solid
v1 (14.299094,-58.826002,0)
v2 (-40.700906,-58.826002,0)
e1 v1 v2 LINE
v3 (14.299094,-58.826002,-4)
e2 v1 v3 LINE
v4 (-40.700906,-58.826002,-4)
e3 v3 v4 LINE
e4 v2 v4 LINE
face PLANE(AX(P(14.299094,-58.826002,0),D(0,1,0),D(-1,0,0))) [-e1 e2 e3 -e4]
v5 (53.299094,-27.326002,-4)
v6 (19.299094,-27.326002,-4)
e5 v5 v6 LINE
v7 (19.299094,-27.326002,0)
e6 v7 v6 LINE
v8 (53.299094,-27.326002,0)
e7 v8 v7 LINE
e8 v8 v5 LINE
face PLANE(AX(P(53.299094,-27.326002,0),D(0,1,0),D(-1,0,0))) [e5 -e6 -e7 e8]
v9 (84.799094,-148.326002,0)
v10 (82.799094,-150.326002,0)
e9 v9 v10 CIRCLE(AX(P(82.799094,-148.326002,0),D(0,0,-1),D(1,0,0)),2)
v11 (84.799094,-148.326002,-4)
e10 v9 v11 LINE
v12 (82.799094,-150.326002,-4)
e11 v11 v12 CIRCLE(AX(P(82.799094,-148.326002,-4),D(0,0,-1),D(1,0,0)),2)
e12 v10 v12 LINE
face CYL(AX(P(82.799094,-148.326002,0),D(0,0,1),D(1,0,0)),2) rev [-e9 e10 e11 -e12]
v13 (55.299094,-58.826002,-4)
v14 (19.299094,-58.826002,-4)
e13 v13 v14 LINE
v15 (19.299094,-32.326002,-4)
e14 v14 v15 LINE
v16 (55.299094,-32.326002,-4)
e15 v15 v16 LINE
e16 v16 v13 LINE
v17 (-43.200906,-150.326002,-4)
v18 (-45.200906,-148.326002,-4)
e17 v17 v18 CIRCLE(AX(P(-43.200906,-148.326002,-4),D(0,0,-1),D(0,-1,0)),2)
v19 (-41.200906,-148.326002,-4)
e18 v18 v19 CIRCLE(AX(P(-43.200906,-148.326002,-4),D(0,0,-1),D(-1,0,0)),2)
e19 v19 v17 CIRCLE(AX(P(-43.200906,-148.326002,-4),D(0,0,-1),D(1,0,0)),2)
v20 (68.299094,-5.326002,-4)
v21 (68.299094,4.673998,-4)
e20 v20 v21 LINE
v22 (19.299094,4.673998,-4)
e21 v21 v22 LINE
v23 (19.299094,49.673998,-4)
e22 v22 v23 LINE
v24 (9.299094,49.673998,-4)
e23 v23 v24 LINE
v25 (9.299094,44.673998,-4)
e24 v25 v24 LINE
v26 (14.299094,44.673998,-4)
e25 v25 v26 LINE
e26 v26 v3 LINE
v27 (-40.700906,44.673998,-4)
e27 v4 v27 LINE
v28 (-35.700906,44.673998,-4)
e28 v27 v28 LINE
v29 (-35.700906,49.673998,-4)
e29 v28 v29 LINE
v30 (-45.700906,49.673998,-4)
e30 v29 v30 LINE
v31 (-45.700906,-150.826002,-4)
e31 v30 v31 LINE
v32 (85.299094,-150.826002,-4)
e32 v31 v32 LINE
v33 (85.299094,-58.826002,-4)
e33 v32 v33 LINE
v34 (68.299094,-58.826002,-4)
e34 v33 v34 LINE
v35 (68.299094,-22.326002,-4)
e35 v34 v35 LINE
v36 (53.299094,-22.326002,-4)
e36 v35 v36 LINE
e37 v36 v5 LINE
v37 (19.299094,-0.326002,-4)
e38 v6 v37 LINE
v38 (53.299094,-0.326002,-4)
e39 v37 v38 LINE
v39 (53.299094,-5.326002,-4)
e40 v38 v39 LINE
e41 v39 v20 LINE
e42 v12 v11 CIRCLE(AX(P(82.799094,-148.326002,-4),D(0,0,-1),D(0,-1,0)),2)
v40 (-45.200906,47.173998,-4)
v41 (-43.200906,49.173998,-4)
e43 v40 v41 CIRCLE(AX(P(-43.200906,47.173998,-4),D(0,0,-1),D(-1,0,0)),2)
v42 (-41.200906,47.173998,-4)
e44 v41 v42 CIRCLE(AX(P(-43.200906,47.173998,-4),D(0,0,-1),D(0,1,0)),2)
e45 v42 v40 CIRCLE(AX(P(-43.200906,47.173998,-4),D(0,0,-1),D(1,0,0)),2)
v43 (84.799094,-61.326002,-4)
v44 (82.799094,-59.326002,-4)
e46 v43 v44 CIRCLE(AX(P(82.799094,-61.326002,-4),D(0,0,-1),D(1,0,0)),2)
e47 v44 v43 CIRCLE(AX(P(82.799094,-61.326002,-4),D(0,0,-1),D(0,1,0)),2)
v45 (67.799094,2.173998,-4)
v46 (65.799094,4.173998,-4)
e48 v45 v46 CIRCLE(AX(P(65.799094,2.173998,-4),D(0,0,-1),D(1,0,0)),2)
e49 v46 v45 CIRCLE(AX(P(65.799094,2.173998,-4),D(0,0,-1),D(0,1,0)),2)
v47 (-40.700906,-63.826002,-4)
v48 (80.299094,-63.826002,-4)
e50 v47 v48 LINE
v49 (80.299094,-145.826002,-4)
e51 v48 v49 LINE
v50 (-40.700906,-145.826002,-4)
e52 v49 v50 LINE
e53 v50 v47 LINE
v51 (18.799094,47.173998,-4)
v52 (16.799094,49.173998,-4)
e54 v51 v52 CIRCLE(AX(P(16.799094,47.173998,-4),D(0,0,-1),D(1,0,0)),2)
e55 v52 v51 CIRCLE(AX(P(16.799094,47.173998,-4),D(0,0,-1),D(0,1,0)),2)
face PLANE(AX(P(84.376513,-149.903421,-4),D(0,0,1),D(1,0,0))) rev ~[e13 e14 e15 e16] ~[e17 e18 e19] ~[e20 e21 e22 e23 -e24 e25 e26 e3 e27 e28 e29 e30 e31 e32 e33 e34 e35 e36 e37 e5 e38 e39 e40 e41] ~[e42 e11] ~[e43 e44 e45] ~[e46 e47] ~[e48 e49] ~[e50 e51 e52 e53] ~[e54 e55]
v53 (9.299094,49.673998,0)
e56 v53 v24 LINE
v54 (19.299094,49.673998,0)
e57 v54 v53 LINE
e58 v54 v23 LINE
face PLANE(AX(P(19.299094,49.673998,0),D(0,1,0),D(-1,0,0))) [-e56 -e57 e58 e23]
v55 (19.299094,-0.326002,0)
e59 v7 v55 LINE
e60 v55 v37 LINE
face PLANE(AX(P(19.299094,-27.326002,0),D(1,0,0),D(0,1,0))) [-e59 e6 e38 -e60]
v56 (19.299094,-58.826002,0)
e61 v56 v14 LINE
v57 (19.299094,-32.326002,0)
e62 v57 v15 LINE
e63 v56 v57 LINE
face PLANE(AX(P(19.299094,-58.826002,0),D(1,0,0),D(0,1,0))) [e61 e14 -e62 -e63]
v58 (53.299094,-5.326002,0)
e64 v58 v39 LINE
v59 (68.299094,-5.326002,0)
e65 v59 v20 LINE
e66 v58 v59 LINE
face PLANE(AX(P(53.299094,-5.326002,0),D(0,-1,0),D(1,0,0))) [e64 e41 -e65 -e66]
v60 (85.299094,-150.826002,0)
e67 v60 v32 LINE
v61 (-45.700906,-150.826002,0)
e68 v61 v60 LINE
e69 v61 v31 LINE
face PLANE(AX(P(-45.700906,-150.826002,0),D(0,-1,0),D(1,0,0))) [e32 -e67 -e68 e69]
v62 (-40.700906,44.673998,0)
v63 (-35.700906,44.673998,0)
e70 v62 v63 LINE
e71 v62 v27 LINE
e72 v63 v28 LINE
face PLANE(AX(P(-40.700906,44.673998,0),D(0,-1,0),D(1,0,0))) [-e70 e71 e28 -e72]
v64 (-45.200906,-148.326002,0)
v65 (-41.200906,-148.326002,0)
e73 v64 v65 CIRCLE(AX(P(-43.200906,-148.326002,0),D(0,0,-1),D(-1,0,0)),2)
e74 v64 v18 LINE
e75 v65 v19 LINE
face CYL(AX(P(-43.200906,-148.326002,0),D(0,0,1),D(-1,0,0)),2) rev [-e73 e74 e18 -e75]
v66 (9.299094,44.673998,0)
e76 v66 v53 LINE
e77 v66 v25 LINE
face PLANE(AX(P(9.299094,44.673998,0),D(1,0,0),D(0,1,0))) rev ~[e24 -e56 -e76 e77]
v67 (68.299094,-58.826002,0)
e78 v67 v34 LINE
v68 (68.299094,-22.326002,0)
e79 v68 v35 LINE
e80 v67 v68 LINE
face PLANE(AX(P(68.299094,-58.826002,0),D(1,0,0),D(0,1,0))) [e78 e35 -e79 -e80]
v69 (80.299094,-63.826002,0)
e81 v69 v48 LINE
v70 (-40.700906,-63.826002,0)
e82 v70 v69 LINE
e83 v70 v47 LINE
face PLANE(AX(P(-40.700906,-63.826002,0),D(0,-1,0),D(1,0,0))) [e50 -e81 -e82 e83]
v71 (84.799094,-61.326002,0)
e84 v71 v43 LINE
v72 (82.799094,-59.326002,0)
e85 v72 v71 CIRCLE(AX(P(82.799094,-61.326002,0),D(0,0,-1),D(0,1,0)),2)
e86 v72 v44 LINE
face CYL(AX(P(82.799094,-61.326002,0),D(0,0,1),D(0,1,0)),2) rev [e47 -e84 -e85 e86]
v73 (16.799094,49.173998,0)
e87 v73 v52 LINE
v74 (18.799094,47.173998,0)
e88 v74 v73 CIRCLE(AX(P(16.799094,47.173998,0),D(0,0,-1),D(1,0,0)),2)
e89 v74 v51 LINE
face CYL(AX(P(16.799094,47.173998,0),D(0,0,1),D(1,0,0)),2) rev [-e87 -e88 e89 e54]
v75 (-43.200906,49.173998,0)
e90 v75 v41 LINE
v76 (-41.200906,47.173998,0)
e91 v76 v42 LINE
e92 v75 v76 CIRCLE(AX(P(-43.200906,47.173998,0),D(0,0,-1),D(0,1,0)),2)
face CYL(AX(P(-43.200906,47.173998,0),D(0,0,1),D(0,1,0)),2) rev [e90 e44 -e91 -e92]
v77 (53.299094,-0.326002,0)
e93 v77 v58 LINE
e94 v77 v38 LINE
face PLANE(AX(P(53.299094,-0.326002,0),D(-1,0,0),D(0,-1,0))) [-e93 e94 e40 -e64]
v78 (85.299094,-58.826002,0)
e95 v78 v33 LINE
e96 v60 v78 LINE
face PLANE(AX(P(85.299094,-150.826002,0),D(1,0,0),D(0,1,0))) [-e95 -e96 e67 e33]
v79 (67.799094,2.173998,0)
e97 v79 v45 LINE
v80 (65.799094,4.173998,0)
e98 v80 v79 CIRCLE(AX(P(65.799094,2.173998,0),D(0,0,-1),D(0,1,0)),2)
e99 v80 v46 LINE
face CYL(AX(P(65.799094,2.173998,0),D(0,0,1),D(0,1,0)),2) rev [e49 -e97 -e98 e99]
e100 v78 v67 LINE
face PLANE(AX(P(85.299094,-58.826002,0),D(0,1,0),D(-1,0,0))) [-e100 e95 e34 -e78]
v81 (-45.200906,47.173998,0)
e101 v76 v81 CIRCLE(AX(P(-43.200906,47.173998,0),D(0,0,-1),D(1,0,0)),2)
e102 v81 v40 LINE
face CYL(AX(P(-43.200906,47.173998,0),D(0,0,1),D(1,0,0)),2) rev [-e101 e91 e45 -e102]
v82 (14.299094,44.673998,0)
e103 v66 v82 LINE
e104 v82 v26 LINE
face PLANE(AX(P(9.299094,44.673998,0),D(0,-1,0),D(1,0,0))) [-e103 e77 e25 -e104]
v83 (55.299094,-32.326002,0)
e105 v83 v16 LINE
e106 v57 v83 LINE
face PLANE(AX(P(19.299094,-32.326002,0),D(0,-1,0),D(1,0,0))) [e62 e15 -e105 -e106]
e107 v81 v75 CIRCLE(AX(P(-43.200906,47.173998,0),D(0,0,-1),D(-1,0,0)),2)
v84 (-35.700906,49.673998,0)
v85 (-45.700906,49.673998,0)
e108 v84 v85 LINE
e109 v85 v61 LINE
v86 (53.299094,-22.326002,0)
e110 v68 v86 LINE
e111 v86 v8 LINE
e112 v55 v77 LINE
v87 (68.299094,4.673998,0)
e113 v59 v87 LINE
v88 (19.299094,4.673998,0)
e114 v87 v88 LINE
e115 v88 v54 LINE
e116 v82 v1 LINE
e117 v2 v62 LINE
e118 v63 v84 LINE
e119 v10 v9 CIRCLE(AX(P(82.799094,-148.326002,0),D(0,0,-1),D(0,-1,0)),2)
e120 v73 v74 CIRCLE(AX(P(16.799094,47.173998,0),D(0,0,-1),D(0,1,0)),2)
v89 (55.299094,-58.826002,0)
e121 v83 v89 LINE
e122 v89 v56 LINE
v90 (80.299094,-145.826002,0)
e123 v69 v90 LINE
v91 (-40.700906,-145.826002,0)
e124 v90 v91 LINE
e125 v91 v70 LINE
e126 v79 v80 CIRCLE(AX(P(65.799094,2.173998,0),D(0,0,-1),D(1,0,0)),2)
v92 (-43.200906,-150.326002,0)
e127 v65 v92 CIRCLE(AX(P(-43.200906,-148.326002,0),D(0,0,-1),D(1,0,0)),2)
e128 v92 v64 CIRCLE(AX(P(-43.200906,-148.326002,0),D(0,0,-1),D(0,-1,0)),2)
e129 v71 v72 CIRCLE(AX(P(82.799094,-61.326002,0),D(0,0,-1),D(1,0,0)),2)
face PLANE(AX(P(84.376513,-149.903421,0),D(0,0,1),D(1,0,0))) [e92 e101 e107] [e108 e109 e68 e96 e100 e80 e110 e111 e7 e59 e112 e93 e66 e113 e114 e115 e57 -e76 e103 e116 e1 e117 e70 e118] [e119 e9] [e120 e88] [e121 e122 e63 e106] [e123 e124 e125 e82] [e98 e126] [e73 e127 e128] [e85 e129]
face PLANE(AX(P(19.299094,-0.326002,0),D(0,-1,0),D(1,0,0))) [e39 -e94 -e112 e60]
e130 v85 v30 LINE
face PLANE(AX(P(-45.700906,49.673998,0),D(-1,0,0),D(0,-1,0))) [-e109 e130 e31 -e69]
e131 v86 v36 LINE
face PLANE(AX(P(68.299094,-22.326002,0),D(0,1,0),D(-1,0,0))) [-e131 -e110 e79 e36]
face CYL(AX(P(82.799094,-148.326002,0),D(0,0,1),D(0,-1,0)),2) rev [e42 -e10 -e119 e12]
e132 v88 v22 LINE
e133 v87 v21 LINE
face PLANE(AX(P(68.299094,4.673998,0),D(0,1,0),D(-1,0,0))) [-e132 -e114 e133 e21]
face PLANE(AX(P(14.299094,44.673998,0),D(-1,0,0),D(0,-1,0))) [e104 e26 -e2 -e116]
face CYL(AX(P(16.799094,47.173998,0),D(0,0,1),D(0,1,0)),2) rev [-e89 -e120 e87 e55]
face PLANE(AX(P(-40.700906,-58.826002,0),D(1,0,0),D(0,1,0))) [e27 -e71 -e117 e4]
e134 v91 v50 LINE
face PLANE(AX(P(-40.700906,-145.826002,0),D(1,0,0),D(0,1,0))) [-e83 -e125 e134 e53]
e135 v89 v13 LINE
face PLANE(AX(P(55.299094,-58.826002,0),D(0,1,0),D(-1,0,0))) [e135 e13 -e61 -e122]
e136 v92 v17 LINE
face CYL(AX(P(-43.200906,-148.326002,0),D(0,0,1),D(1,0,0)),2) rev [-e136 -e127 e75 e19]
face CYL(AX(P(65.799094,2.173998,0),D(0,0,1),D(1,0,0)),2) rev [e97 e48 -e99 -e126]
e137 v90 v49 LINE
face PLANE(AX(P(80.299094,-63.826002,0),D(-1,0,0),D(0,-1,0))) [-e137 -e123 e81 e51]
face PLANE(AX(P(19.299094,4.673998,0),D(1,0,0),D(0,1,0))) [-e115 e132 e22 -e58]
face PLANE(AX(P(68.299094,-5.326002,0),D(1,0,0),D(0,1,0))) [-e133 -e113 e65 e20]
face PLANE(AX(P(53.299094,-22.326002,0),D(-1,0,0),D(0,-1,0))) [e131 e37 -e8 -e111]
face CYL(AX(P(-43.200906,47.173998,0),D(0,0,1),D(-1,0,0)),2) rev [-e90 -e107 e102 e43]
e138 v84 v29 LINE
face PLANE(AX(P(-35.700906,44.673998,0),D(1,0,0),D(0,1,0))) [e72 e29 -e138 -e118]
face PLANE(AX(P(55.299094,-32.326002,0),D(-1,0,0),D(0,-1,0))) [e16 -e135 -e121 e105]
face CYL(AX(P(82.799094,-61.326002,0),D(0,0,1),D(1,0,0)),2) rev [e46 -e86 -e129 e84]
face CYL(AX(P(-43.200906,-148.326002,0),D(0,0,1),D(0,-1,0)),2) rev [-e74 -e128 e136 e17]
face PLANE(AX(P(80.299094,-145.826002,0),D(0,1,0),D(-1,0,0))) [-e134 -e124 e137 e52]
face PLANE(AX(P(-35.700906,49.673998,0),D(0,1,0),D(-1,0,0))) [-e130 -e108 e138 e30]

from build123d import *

# Parameters (mm, degrees)
F0_W     = 5
F0_H     = 5
F1_DEPTH = 4


with BuildPart() as f1:
    # F0 (on Top) → F1 (new body)
    with BuildSketch(Plane.XY):
        with BuildLine():
            Line((82.7990943193, -150.3260023594), (82.7990943193, -150.8260023594))
            Line((82.7990943193, -150.8260023594), (85.2990943193, -150.8260023594))
            Line((85.2990943193, -150.8260023594), (85.2990943193, -148.3260023594))
            Line((85.2990943193, -148.3260023594), (84.7990943193, -148.3260023594))
            ThreePointArc((84.7990943193, -148.3260023594), (84.2133078817, -149.7402159218), (82.7990943193, -150.3260023594))
        make_face()
        with BuildLine():
            Line((-45.2009056807, -148.3260023594), (-45.7009056807, -148.3260023594))
            Line((-45.7009056807, -148.3260023594), (-45.7009056807, -150.8260023594))
            Line((-45.7009056807, -150.8260023594), (-43.2009056807, -150.8260023594))
            Line((-43.2009056807, -150.8260023594), (-43.2009056807, -150.3260023594))
            ThreePointArc((-43.2009056807, -150.3260023594), (-44.615119243, -149.7402159218), (-45.2009056807, -148.3260023594))
        make_face()
        with BuildLine():
            Line((-43.2009056807, 49.1739976406), (-43.2009056807, 49.6739976406))
            Line((-43.2009056807, 49.6739976406), (-45.7009056807, 49.6739976406))
            Line((-45.7009056807, 49.6739976406), (-45.7009056807, 47.1739976406))
            Line((-45.7009056807, 47.1739976406), (-45.2009056807, 47.1739976406))
            ThreePointArc((-45.2009056807, 47.1739976406), (-44.615119243, 48.588211203), (-43.2009056807, 49.1739976406))
        make_face()
        with BuildLine():
            Line((85.2990943193, -61.3260023594), (85.2990943193, -58.8260023594))
            Line((85.2990943193, -58.8260023594), (82.7990943193, -58.8260023594))
            Line((82.7990943193, -58.8260023594), (82.7990943193, -59.3260023594))
            ThreePointArc((82.7990943193, -59.3260023594), (84.2133078817, -59.911788797), (84.7990943193, -61.3260023594))
            Line((84.7990943193, -61.3260023594), (85.2990943193, -61.3260023594))
        make_face()
        with BuildLine():
            Line((19.2990943193, 49.6739976406), (16.7990943193, 49.6739976406))
            Line((16.7990943193, 49.6739976406), (16.7990943193, 49.1739976406))
            ThreePointArc((16.7990943193, 49.1739976406), (18.2133078817, 48.588211203), (18.7990943193, 47.1739976406))
            Line((18.7990943193, 47.1739976406), (19.2990943193, 47.1739976406))
            Line((19.2990943193, 47.1739976406), (19.2990943193, 49.6739976406))
        make_face()
        with BuildLine():
            Line((80.2990943193, -63.8260023594), (85.2990943193, -63.8260023594))
            Line((85.2990943193, -63.8260023594), (85.2990943193, -61.3260023594))
            Line((85.2990943193, -61.3260023594), (84.7990943193, -61.3260023594))
            ThreePointArc((84.7990943193, -61.3260023594), (81.384880757, -62.7402159218), (82.7990943193, -59.3260023594))
            Line((82.7990943193, -59.3260023594), (82.7990943193, -58.8260023594))
            Line((82.7990943193, -58.8260023594), (80.2990943193, -58.8260023594))
            Line((80.2990943193, -58.8260023594), (80.2990943193, -63.8260023594))
        make_face()
        with BuildLine():
            Line((14.2990943193, 49.6739976406), (14.2990943193, 44.6739976406))
            Line((14.2990943193, 44.6739976406), (16.7990943193, 44.6739976406))
            Line((16.7990943193, 44.6739976406), (19.2990943193, 44.6739976406))
            Line((19.2990943193, 44.6739976406), (19.2990943193, 47.1739976406))
            Line((19.2990943193, 47.1739976406), (18.7990943193, 47.1739976406))
            ThreePointArc((18.7990943193, 47.1739976406), (15.384880757, 45.7597840782), (16.7990943193, 49.1739976406))
            Line((16.7990943193, 49.1739976406), (16.7990943193, 49.6739976406))
            Line((16.7990943193, 49.6739976406), (14.2990943193, 49.6739976406))
        make_face()
        with BuildLine():
            Line((-37.7009056807, -58.8260023594), (-40.7009056807, -58.8260023594))
            Line((-40.7009056807, -58.8260023594), (-40.7009056807, -52.8260023594))
            Line((-40.7009056807, -52.8260023594), (-40.7009056807, 28.4739976406))
            Line((-40.7009056807, 28.4739976406), (-40.7009056807, 44.6739976406))
            Line((-40.7009056807, 44.6739976406), (-40.7009056807, 49.6739976406))
            Line((-40.7009056807, 49.6739976406), (-43.2009056807, 49.6739976406))
            Line((-43.2009056807, 49.6739976406), (-43.2009056807, 49.1739976406))
            ThreePointArc((-43.2009056807, 49.1739976406), (-41.7866921183, 48.588211203), (-41.2009056807, 47.1739976406))
            ThreePointArc((-41.2009056807, 47.1739976406), (-43.2009056807, 45.1739976406), (-45.2009056807, 47.1739976406))
            Line((-45.2009056807, 47.1739976406), (-45.7009056807, 47.1739976406))
            Line((-45.7009056807, 47.1739976406), (-45.7009056807, -148.3260023594))
            Line((-45.7009056807, -148.3260023594), (-45.2009056807, -148.3260023594))
            ThreePointArc((-45.2009056807, -148.3260023594), (-43.2009056807, -146.3260023594), (-41.2009056807, -148.3260023594))
            ThreePointArc((-41.2009056807, -148.3260023594), (-41.7866921183, -149.7402159218), (-43.2009056807, -150.3260023594))
            Line((-43.2009056807, -150.3260023594), (-43.2009056807, -150.8260023594))
            Line((-43.2009056807, -150.8260023594), (82.7990943193, -150.8260023594))
            Line((82.7990943193, -150.8260023594), (82.7990943193, -150.3260023594))
            ThreePointArc((82.7990943193, -150.3260023594), (81.384880757, -146.911788797), (84.7990943193, -148.3260023594))
            Line((84.7990943193, -148.3260023594), (85.2990943193, -148.3260023594))
            Line((85.2990943193, -148.3260023594), (85.2990943193, -63.8260023594))
            Line((85.2990943193, -63.8260023594), (80.2990943193, -63.8260023594))
            Line((80.2990943193, -63.8260023594), (80.2990943193, -58.8260023594))
            Line((80.2990943193, -58.8260023594), (68.2990943193, -58.8260023594))
            Line((68.2990943193, -58.8260023594), (68.2990943193, -22.3260023594))
            Line((68.2990943193, -22.3260023594), (63.2990943193, -22.3260023594))
            Line((63.2990943193, -22.3260023594), (53.2990943193, -22.3260023594))
            Line((53.2990943193, -22.3260023594), (53.2990943193, -25.3760023594))
            Line((53.2990943193, -25.3760023594), (53.2990943193, -27.3260023594))
            Line((53.2990943193, -27.3260023594), (51.3490943193, -27.3260023594))
            Line((51.3490943193, -27.3260023594), (28.5490943193, -27.3260023594))
            Line((28.5490943193, -27.3260023594), (19.2990943193, -27.3260023594))
            Line((19.2990943193, -27.3260023594), (19.2990943193, -25.3760023594))
            Line((19.2990943193, -25.3760023594), (19.2990943193, -2.2760023594))
            Line((19.2990943193, -2.2760023594), (19.2990943193, -0.3260023594))
            Line((19.2990943193, -0.3260023594), (14.2990943193, -0.3260023594))
            Line((14.2990943193, -0.3260023594), (14.2990943193, -27.3260023594))
            Line((14.2990943193, -27.3260023594), (14.2990943193, -32.3260023594))
            Line((14.2990943193, -32.3260023594), (14.2990943193, -47.2260023594))
            Line((14.2990943193, -47.2260023594), (14.2990943193, -58.8260023594))
            Line((14.2990943193, -58.8260023594), (11.2990943193, -58.8260023594))
            Line((11.2990943193, -58.8260023594), (-37.7009056807, -58.8260023594))
        make_face()
        Polygon((76.8990943193, -63.8260023594), (80.2990943193, -63.8260023594), (80.2990943193, -67.2260023594), (80.2990943193, -142.4260023594), (80.2990943193, -145.8260023594), (76.8990943193, -145.8260023594), (-37.3009056807, -145.8260023594), (-40.7009056807, -145.8260023594), (-40.7009056807, -142.4260023594), (-40.7009056807, -67.2260023594), (-40.7009056807, -63.8260023594), (-37.3009056807, -63.8260023594), (14.2990943193, -63.8260023594), (19.2990943193, -63.8260023594), align=None, mode=Mode.SUBTRACT)
        Polygon((53.5990943193, -58.8260023594), (19.2990943193, -58.8260023594), (19.2990943193, -32.3260023594), (53.5990943193, -32.3260023594), (55.2990943193, -32.3260023594), (55.2990943193, -34.0260023594), (55.2990943193, -57.1260023594), (55.2990943193, -58.8260023594), align=None, mode=Mode.SUBTRACT)
        with Locations((16.7990943193, 2.1739976406)):
            Rectangle(F0_W, F0_H)
        Polygon((16.7990943193, 44.6739976406), (14.2990943193, 44.6739976406), (14.2990943193, 29.8739976406), (14.2990943193, 4.6739976406), (19.2990943193, 4.6739976406), (19.2990943193, 44.6739976406), align=None)
        with BuildLine():
            Line((19.2990943193, 4.6739976406), (19.2990943193, -0.3260023594))
            Line((19.2990943193, -0.3260023594), (28.5490943193, -0.3260023594))
            Line((28.5490943193, -0.3260023594), (51.3490943193, -0.3260023594))
            Line((51.3490943193, -0.3260023594), (53.2990943193, -0.3260023594))
            Line((53.2990943193, -0.3260023594), (53.2990943193, -2.2760023594))
            Line((53.2990943193, -2.2760023594), (53.2990943193, -5.3260023594))
            Line((53.2990943193, -5.3260023594), (63.2990943193, -5.3260023594))
            Line((63.2990943193, -5.3260023594), (68.2990943193, -5.3260023594))
            Line((68.2990943193, -5.3260023594), (68.2990943193, 2.1739976406))
            Line((68.2990943193, 2.1739976406), (67.7990943193, 2.1739976406))
            ThreePointArc((67.7990943193, 2.1739976406), (64.384880757, 0.7597840782), (65.7990943193, 4.1739976406))
            Line((65.7990943193, 4.1739976406), (65.7990943193, 4.6739976406))
            Line((65.7990943193, 4.6739976406), (19.2990943193, 4.6739976406))
        make_face()
        with BuildLine():
            Line((68.2990943193, 4.6739976406), (65.7990943193, 4.6739976406))
            Line((65.7990943193, 4.6739976406), (65.7990943193, 4.1739976406))
            ThreePointArc((65.7990943193, 4.1739976406), (67.2133078817, 3.588211203), (67.7990943193, 2.1739976406))
            Line((67.7990943193, 2.1739976406), (68.2990943193, 2.1739976406))
            Line((68.2990943193, 2.1739976406), (68.2990943193, 4.6739976406))
        make_face()
        with Locations((-38.2009056807, 47.1739976406)):
            Rectangle(F0_W, F0_H)
        with Locations((11.7990943193, 47.1739976406)):
            Rectangle(F0_W, F0_H)
    extrude(amount=-F1_DEPTH)


solid = f1.part
